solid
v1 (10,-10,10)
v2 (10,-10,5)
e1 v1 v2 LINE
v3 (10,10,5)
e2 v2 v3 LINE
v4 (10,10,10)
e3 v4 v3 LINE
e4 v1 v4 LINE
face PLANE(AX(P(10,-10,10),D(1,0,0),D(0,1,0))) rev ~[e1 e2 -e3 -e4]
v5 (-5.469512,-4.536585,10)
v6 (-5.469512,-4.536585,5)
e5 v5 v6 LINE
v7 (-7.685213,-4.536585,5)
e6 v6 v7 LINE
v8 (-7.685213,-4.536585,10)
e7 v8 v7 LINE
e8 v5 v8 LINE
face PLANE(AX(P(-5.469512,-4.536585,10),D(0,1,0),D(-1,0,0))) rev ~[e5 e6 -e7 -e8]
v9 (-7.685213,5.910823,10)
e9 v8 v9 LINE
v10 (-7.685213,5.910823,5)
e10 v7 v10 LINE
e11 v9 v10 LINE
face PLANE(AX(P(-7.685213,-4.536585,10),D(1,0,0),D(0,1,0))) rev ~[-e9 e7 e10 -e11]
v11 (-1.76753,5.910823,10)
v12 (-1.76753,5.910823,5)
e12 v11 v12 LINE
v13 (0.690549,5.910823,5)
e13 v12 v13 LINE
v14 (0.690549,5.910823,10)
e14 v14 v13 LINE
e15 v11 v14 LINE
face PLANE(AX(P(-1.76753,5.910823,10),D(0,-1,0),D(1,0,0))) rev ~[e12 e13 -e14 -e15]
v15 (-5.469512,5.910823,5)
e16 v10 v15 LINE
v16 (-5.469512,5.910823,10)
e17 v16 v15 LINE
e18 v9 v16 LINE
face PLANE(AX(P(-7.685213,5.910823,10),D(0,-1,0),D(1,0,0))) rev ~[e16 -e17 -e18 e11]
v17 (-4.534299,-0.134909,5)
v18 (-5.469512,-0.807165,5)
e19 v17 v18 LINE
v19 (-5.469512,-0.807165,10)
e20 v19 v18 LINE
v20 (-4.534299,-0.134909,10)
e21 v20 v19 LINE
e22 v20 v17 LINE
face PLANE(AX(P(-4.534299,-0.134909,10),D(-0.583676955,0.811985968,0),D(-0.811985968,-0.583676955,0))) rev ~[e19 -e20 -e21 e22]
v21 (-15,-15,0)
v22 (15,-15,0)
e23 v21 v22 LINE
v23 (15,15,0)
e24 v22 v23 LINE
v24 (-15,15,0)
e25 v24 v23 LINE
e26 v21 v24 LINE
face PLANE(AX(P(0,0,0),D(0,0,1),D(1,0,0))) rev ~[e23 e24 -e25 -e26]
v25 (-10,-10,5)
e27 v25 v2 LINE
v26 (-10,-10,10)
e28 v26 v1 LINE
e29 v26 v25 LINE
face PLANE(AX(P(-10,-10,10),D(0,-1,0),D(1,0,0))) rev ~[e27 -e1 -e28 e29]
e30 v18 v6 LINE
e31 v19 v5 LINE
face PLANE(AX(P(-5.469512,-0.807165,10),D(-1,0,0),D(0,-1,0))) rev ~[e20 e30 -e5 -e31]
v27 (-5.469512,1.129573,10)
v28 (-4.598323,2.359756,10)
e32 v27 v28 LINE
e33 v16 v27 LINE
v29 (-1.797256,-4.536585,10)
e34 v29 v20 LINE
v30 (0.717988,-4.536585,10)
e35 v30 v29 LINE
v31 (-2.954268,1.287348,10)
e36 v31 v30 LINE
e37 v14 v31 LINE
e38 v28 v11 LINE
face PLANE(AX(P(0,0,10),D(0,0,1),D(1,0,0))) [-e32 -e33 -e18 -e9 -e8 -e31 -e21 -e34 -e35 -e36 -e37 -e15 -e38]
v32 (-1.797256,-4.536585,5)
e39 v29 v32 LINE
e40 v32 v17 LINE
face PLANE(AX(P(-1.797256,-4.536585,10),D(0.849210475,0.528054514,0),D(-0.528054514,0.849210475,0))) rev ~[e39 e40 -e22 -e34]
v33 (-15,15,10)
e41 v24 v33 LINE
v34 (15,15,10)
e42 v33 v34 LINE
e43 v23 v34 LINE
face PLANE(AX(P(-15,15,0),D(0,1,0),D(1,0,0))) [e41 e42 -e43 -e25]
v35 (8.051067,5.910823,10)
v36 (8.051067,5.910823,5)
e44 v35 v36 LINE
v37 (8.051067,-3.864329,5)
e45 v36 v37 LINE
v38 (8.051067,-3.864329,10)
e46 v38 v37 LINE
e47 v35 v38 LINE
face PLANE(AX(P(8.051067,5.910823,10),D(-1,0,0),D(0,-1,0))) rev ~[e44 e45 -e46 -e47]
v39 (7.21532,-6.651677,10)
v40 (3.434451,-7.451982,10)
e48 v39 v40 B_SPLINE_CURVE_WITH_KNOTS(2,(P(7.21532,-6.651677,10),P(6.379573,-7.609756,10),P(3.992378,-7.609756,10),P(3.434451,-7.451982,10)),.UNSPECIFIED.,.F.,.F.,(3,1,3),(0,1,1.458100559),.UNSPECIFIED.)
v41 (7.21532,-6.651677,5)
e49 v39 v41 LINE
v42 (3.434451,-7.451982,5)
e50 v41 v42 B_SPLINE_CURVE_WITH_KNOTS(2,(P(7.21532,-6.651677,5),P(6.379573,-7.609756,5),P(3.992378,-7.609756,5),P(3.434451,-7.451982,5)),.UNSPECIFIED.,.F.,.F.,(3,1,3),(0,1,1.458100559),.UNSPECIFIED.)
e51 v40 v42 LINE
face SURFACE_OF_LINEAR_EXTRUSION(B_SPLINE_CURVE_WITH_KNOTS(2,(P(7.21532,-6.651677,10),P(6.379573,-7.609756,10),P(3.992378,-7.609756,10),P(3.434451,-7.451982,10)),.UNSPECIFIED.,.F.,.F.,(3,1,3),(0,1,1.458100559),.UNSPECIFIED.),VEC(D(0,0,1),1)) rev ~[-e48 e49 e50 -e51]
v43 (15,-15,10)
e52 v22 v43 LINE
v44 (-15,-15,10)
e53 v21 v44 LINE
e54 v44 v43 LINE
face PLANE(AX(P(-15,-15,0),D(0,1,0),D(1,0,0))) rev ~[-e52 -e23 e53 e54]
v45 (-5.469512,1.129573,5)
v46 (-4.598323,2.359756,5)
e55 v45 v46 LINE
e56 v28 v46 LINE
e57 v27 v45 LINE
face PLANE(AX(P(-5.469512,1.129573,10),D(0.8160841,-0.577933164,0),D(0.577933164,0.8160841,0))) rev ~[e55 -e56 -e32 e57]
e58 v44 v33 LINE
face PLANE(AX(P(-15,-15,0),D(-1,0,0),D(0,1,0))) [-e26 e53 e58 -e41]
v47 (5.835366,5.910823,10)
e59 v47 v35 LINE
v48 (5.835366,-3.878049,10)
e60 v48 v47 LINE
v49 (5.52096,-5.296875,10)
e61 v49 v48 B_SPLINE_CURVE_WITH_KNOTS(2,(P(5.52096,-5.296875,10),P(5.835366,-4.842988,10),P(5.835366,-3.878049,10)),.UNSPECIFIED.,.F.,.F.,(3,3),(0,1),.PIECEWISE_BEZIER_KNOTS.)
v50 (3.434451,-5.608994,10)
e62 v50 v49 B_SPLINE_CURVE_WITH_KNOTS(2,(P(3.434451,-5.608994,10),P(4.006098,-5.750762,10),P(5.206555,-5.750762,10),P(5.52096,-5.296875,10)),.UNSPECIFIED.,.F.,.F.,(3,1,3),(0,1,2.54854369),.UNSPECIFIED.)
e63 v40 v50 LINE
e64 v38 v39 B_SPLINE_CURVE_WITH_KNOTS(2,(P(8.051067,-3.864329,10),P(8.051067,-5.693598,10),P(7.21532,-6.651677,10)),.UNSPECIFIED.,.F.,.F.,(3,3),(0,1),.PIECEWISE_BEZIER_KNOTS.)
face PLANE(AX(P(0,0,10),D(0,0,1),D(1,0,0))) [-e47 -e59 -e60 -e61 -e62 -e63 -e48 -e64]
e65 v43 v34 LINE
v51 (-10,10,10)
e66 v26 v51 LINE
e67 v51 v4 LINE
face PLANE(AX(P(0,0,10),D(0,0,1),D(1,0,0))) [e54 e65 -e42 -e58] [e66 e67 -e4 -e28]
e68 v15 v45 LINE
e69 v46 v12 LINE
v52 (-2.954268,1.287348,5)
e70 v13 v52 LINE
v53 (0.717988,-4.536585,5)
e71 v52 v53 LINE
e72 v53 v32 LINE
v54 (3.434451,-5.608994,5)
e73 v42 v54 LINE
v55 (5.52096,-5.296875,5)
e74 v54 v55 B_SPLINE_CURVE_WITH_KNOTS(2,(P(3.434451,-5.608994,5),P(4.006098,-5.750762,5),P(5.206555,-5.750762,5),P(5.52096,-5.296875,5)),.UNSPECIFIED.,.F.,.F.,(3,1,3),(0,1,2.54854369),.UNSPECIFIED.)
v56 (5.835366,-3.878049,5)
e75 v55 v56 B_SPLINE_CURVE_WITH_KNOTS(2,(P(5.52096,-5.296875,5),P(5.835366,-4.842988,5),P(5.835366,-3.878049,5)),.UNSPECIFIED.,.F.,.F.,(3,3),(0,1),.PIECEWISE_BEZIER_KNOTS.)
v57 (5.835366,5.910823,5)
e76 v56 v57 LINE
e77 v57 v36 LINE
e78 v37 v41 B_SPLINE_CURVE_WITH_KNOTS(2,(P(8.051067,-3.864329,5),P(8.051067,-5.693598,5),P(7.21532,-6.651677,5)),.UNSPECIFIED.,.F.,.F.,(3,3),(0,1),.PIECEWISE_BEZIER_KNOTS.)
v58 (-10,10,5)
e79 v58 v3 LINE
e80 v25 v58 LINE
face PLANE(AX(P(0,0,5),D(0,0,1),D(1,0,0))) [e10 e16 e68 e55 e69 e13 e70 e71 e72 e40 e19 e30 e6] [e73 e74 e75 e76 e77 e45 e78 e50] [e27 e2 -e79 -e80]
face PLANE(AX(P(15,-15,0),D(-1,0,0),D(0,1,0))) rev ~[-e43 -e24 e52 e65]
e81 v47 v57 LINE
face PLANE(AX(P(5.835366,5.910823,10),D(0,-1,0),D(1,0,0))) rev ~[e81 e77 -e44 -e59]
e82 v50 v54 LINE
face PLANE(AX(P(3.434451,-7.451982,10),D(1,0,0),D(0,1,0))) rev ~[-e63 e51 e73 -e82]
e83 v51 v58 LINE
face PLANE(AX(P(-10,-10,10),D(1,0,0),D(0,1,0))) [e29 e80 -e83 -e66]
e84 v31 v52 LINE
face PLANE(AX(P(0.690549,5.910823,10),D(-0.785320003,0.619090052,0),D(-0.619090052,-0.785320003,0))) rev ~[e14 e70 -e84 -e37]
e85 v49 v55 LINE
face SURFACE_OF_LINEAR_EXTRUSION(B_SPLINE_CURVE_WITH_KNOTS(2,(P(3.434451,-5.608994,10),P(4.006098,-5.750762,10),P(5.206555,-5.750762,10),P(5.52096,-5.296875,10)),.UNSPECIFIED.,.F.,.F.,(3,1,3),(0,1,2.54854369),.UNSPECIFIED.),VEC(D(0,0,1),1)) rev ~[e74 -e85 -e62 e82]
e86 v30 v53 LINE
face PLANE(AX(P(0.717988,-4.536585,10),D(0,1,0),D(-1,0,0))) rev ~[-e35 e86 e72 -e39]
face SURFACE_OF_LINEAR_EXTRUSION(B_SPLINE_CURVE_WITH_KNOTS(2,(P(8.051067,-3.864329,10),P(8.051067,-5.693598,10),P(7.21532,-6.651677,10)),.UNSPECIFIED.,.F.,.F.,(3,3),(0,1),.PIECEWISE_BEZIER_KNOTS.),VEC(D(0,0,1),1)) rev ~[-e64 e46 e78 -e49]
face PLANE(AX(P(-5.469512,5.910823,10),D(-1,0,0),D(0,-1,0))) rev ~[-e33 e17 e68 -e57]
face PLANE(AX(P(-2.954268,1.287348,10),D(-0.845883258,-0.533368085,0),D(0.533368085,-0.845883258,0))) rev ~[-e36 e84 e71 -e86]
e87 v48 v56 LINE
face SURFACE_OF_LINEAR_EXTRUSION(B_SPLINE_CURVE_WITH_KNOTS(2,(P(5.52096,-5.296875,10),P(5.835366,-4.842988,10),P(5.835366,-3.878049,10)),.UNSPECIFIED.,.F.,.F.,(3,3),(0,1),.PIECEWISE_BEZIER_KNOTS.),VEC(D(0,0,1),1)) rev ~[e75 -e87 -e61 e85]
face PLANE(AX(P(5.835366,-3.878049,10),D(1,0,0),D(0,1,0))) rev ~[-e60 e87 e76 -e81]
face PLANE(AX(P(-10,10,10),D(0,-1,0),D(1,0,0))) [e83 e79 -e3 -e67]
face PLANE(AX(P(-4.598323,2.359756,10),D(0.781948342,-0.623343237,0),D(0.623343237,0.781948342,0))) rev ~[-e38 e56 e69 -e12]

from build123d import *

# Parameters (mm, degrees)
F0_W     = 30
F0_H     = 30
F1_DEPTH = 10
F2_W     = 20
F2_H     = 20
F3_DEPTH = 5


with BuildPart() as f1:
    # F0 (on Top) → F1 (new body)
    with BuildSketch(Plane.XY):
        Rectangle(F0_W, F0_H)
    extrude(amount=F1_DEPTH)

    # F2 (on face) → F3 (cut)
    with BuildSketch(Plane.XY.offset(10)):
        Rectangle(F2_W, F2_H)
        with BuildLine():
            add(Edge.make_bspline(
                [(7.215320122, -6.6516768293), (6.3795731707, -7.6097560976), (4.7423780488, -7.6097560976)],
                knots=[0, 0, 0, 1, 1, 1], degree=2))
            add(Edge.make_bspline(
                [(4.7423780488, -7.6097560976), (3.9923780488, -7.6097560976), (3.4344512195, -7.4519817073)],
                knots=[0, 0, 0, 1, 1, 1], degree=2))
            Line((3.4344512195, -7.4519817073), (3.4344512195, -5.6089939024))
            add(Edge.make_bspline(
                [(3.4344512195, -5.6089939024), (4.006097561, -5.7507621951), (4.4771341463, -5.7507621951)],
                knots=[0, 0, 0, 1, 1, 1], degree=2))
            add(Edge.make_bspline(
                [(4.4771341463, -5.7507621951), (5.206554878, -5.7507621951), (5.5209603659, -5.296875)],
                knots=[0, 0, 0, 1, 1, 1], degree=2))
            add(Edge.make_bspline(
                [(5.5209603659, -5.296875), (5.8353658537, -4.8429878049), (5.8353658537, -3.8780487805)],
                knots=[0, 0, 0, 1, 1, 1], degree=2))
            Line((5.8353658537, -3.8780487805), (5.8353658537, 5.9108231707))
            Line((5.8353658537, 5.9108231707), (8.0510670732, 5.9108231707))
            Line((8.0510670732, 5.9108231707), (8.0510670732, -3.8643292683))
            add(Edge.make_bspline(
                [(8.0510670732, -3.8643292683), (8.0510670732, -5.693597561), (7.215320122, -6.6516768293)],
                knots=[0, 0, 0, 1, 1, 1], degree=2))
        make_face(mode=Mode.SUBTRACT)
        Polygon((-2.9542682927, 1.287347561), (0.7179878049, -4.5365853659), (-1.7972560976, -4.5365853659), (-4.5342987805, -0.1349085366), (-5.4695121951, -0.8071646341), (-5.4695121951, -4.5365853659), (-7.6852134146, -4.5365853659), (-7.6852134146, 5.9108231707), (-5.4695121951, 5.9108231707), (-5.4695121951, 1.1295731707), (-4.5983231707, 2.3597560976), (-1.7675304878, 5.9108231707), (0.6905487805, 5.9108231707), align=None, mode=Mode.SUBTRACT)
    extrude(amount=-F3_DEPTH, mode=Mode.SUBTRACT)


solid = f1.part
